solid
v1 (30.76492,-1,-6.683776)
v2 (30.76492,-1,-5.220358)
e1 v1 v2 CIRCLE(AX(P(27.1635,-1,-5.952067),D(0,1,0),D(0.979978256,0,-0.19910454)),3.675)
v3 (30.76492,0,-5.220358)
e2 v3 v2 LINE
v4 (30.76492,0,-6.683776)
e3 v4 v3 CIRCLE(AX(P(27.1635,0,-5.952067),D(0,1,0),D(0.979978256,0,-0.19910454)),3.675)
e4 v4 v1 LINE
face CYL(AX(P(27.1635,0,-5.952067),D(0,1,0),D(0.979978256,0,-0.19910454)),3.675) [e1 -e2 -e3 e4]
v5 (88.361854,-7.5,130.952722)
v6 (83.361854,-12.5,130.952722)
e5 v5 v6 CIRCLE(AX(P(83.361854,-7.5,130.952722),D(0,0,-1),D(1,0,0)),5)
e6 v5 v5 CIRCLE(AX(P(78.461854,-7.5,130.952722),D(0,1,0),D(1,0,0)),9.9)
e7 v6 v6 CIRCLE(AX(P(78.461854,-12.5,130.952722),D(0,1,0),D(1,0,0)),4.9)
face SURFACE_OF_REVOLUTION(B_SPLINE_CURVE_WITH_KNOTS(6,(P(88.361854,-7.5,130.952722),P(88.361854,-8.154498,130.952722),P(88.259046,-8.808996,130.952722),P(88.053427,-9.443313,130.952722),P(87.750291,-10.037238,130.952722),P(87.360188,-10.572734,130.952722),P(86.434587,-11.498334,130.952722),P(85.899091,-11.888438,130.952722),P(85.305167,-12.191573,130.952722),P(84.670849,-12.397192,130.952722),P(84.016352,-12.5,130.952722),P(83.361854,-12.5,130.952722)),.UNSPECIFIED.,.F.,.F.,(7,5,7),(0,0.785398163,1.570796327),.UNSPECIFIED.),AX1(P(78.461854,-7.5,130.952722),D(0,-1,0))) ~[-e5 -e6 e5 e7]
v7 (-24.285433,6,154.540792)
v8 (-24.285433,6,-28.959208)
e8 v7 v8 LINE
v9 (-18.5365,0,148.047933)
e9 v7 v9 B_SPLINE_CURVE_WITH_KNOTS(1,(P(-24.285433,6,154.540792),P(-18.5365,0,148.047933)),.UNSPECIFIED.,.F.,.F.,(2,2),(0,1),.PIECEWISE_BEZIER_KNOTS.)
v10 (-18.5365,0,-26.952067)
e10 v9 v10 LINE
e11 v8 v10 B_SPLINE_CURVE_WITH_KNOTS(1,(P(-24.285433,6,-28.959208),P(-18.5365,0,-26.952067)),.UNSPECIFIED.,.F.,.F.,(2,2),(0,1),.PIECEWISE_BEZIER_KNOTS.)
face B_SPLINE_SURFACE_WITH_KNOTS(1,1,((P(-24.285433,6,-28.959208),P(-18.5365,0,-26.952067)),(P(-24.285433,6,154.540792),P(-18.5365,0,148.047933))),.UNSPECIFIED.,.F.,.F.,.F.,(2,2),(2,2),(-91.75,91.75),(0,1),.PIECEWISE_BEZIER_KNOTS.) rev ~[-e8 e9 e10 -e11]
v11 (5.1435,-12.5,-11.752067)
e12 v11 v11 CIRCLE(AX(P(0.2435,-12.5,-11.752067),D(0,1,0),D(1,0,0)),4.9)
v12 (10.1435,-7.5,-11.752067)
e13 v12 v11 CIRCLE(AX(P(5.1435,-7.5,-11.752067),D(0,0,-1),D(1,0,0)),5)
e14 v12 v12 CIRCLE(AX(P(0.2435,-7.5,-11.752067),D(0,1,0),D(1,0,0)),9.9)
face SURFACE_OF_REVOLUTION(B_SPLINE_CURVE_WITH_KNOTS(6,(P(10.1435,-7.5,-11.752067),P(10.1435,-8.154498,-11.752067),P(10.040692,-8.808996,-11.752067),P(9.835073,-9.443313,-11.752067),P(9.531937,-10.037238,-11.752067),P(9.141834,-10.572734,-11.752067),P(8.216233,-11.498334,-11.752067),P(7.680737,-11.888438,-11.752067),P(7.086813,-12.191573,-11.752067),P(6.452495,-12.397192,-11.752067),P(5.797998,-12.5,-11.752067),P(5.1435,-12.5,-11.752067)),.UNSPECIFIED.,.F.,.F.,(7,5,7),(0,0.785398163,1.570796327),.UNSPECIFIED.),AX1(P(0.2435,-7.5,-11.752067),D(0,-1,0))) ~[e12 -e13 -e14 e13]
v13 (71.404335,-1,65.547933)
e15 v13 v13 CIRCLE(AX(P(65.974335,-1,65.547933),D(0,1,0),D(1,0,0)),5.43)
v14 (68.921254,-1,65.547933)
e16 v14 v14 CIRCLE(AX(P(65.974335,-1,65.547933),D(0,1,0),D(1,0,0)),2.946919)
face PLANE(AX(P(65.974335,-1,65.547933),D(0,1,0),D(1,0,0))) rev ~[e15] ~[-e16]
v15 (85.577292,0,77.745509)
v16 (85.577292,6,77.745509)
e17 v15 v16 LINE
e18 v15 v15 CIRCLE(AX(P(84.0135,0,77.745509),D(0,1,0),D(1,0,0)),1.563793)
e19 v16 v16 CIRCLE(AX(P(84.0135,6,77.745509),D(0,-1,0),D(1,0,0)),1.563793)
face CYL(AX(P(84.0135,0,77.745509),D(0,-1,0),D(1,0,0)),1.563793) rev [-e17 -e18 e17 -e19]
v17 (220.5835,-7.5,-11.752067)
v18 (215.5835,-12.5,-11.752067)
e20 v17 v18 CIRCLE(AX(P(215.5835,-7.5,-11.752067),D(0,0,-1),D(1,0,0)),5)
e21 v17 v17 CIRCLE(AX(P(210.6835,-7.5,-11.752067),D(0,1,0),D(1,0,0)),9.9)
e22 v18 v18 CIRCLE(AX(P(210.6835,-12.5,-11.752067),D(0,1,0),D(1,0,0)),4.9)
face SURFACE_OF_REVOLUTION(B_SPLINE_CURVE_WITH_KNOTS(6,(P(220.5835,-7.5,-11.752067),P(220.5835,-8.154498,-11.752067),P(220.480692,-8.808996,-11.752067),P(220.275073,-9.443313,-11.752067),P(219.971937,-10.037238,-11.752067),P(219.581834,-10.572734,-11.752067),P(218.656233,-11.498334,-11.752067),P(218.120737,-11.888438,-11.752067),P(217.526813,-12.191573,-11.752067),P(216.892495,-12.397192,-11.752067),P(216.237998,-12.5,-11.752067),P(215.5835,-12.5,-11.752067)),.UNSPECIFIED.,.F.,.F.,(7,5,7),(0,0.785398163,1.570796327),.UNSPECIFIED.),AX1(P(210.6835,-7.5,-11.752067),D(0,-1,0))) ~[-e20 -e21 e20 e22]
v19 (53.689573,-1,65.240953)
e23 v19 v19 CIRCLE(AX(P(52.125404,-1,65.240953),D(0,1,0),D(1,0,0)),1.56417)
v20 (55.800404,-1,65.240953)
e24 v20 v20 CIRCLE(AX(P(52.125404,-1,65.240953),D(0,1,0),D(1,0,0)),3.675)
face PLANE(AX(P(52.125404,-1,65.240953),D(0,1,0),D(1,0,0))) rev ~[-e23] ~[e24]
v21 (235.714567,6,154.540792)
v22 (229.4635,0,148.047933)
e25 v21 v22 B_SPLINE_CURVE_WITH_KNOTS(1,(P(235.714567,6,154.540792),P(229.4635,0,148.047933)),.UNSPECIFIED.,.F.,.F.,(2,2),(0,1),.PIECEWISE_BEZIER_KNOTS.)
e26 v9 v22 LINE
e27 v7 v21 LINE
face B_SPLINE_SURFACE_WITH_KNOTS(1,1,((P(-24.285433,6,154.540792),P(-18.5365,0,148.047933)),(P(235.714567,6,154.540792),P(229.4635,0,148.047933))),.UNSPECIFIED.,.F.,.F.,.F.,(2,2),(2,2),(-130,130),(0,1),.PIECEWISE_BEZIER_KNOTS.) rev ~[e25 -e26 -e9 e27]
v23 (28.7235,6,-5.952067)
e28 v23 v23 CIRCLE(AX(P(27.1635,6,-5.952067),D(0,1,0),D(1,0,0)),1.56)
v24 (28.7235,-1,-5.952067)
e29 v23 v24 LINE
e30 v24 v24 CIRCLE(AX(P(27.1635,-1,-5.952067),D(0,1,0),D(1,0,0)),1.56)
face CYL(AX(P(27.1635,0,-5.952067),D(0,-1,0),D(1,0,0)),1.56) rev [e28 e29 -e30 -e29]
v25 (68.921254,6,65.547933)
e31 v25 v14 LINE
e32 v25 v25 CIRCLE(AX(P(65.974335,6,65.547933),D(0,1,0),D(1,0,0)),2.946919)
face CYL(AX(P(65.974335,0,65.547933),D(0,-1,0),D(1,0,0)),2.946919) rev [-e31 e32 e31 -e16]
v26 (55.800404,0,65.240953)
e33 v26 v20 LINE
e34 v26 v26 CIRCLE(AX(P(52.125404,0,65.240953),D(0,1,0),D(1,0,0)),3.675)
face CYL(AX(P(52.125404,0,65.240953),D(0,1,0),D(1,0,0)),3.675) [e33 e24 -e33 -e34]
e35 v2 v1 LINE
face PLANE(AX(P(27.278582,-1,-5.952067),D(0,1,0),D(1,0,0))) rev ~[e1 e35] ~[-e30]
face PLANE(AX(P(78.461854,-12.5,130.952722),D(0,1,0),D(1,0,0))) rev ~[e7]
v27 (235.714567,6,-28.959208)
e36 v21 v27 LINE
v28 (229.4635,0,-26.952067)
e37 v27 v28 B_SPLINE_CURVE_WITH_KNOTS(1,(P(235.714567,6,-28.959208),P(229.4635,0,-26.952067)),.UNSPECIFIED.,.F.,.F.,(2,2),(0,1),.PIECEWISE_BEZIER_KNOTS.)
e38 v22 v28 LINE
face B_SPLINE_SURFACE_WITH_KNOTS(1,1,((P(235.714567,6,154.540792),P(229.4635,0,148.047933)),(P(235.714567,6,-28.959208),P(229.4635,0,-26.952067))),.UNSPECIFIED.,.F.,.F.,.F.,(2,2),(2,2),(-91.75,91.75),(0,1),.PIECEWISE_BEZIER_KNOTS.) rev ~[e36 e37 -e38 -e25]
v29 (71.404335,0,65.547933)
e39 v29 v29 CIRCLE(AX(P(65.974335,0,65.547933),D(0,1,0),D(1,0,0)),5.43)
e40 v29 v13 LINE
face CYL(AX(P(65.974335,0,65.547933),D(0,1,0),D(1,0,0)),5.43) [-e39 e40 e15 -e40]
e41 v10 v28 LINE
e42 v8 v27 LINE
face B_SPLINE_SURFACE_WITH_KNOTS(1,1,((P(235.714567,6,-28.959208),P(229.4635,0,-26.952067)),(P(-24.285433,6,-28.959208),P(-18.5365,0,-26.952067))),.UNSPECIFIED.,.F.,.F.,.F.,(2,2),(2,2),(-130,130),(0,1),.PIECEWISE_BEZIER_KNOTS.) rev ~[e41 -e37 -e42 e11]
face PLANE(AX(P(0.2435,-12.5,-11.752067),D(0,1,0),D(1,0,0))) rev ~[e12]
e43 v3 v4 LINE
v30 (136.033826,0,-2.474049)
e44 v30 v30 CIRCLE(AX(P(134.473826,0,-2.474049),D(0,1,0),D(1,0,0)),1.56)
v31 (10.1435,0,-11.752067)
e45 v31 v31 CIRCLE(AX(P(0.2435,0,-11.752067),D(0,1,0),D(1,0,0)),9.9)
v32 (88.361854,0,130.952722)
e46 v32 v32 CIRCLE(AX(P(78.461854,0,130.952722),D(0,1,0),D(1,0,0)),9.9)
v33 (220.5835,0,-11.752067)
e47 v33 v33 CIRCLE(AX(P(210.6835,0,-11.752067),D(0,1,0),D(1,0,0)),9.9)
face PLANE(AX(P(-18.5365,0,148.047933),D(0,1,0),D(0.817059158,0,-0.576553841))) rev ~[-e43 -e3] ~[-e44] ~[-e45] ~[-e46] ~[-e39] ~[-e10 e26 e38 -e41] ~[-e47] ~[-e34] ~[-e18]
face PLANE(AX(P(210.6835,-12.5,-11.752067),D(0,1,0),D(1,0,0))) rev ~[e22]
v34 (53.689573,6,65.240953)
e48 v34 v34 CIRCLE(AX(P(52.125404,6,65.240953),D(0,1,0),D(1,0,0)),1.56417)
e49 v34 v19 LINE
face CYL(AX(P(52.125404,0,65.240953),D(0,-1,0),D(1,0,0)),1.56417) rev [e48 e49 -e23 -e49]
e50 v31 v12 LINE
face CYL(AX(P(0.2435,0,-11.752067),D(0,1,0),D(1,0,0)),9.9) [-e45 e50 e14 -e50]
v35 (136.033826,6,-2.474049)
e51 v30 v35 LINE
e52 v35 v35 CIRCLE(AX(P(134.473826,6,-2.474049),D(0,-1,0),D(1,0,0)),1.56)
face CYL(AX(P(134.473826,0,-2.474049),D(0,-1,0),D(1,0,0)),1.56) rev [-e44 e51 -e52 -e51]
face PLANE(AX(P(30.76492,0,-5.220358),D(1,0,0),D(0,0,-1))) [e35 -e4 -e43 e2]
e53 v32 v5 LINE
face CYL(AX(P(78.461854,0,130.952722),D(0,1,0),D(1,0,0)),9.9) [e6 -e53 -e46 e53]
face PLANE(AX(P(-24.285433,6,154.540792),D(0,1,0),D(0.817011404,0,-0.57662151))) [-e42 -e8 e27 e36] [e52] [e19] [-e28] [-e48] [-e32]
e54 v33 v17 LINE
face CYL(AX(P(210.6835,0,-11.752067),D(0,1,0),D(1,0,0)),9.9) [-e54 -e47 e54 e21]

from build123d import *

# Parameters (mm, degrees)
SKETCH3_W           = 260
SKETCH3_H           = 183.5
SKETCH1_W           = 248
SKETCH1_H           = 175
SKETCH1_5_R         = 1.564169695
CUT_EXTRUDE1_DEPTH  = 6
SKETCH1_6_R         = 1.56
SKETCH1_6_R_2       = 2.946919111
CUT_EXTRUDE2_DEPTH  = 6
SKETCH1_7_R         = 1.56
SKETCH1_7_R_2       = 3.675
SKETCH1_7_R_3       = 1.564169695
SKETCH1_7_R_4       = 5.43
SKETCH1_7_R_5       = 2.946919111
BOSS_EXTRUDE2_DEPTH = 1
SKETCH1_9_R         = 1.56
CUT_EXTRUDE9_DEPTH  = 10
SKETCH1_10_R        = 1.563792904
CUT_EXTRUDE11_DEPTH = 10
SKETCH1_11_R        = 9.9
BOSS_EXTRUDE3_DEPTH = 12.5
FILLET1_R           = 5


with BuildPart() as part:
    # Sketch3 → Loft2 section 0
    with BuildSketch(Plane(origin=(0, 6, 0), x_dir=(1, 0, 0), z_dir=(0, 1, 0))):
        with Locations((105.714567309, -62.790792315)):
            Rectangle(SKETCH3_W, SKETCH3_H)
    # Sketch1 → Loft2 section 1
    with BuildSketch(Plane(origin=(0, 0, 0), x_dir=(1, 0, 0), z_dir=(0, 1, 0))):
        with Locations((105.463499551, -60.547933158)):
            Rectangle(SKETCH1_W, SKETCH1_H)
    loft()

    # Sketch1<5> → Cut-Extrude1 (cut)
    with BuildSketch(Plane(origin=(0, 0, 0), x_dir=(1, 0, 0), z_dir=(0, 1, 0))):
        with Locations((52.125403534, -65.240953474)):
            Circle(SKETCH1_5_R)
    extrude(amount=CUT_EXTRUDE1_DEPTH, mode=Mode.SUBTRACT)

    # Sketch1<6> → Cut-Extrude2 (cut)
    with BuildSketch(Plane(origin=(0, 0, 0), x_dir=(1, 0, 0), z_dir=(0, 1, 0))):
        with Locations((27.163499551, 5.952066842)):
            Circle(SKETCH1_6_R)
        with Locations((65.97433474, -65.547933158)):
            Circle(SKETCH1_6_R_2)
    extrude(amount=CUT_EXTRUDE2_DEPTH, mode=Mode.SUBTRACT)

    # Sketch1<7> → Boss-Extrude2 (add)
    with BuildSketch(Plane(origin=(0, 0, 0), x_dir=(1, 0, 0), z_dir=(0, 1, 0))):
        with BuildLine():
            ThreePointArc((30.764919641, 6.683776027), (23.488499551, 5.952066842), (30.764919641, 5.220357657))
            Line((30.764919641, 5.220357657), (30.764919641, 6.683776027))
        make_face()
        with Locations((27.163499551, 5.952066842)):
            Circle(SKETCH1_7_R, mode=Mode.SUBTRACT)
        with Locations((52.125403534, -65.240953474)):
            Circle(SKETCH1_7_R_2)
        with Locations((52.125403534, -65.240953474)):
            Circle(SKETCH1_7_R_3, mode=Mode.SUBTRACT)
        with Locations((65.97433474, -65.547933158)):
            Circle(SKETCH1_7_R_4)
        with Locations((65.97433474, -65.547933158)):
            Circle(SKETCH1_7_R_5, mode=Mode.SUBTRACT)
    extrude(amount=-BOSS_EXTRUDE2_DEPTH)

    # Sketch1<9> → Cut-Extrude9 (cut)
    with BuildSketch(Plane(origin=(0, 0, 0), x_dir=(1, 0, 0), z_dir=(0, 1, 0))):
        with Locations((134.473825947, 2.474049361)):
            Circle(SKETCH1_9_R)
    extrude(amount=CUT_EXTRUDE9_DEPTH, mode=Mode.SUBTRACT)

    # Sketch1<10> → Cut-Extrude11 (cut)
    with BuildSketch(Plane(origin=(0, 0, 0), x_dir=(1, 0, 0), z_dir=(0, 1, 0))):
        with Locations((84.013499551, -77.745508872)):
            Circle(SKETCH1_10_R)
    extrude(amount=CUT_EXTRUDE11_DEPTH, mode=Mode.SUBTRACT)

    # Sketch1<11> → Boss-Extrude3 (add)
    with BuildSketch(Plane(origin=(0, 0, 0), x_dir=(1, 0, 0), z_dir=(0, 1, 0))):
        with Locations((210.683499551, 11.752066842)):
            Circle(SKETCH1_11_R)
        with Locations((78.461853504, -130.95272229)):
            Circle(SKETCH1_11_R)
        with Locations((0.243499551, 11.752066842)):
            Circle(SKETCH1_11_R)
    extrude(amount=-BOSS_EXTRUDE3_DEPTH)

    # Fillet1
    fillet1_edges = [part.edges().sort_by_distance(p)[0] for p in [
        (200.783499551, -12.5, -11.752066842),
        (68.561853504, -12.5, 130.95272229),
        (-9.656500449, -12.5, -11.752066842),
    ]]
    fillet(fillet1_edges, radius=FILLET1_R)


solid = part.part
